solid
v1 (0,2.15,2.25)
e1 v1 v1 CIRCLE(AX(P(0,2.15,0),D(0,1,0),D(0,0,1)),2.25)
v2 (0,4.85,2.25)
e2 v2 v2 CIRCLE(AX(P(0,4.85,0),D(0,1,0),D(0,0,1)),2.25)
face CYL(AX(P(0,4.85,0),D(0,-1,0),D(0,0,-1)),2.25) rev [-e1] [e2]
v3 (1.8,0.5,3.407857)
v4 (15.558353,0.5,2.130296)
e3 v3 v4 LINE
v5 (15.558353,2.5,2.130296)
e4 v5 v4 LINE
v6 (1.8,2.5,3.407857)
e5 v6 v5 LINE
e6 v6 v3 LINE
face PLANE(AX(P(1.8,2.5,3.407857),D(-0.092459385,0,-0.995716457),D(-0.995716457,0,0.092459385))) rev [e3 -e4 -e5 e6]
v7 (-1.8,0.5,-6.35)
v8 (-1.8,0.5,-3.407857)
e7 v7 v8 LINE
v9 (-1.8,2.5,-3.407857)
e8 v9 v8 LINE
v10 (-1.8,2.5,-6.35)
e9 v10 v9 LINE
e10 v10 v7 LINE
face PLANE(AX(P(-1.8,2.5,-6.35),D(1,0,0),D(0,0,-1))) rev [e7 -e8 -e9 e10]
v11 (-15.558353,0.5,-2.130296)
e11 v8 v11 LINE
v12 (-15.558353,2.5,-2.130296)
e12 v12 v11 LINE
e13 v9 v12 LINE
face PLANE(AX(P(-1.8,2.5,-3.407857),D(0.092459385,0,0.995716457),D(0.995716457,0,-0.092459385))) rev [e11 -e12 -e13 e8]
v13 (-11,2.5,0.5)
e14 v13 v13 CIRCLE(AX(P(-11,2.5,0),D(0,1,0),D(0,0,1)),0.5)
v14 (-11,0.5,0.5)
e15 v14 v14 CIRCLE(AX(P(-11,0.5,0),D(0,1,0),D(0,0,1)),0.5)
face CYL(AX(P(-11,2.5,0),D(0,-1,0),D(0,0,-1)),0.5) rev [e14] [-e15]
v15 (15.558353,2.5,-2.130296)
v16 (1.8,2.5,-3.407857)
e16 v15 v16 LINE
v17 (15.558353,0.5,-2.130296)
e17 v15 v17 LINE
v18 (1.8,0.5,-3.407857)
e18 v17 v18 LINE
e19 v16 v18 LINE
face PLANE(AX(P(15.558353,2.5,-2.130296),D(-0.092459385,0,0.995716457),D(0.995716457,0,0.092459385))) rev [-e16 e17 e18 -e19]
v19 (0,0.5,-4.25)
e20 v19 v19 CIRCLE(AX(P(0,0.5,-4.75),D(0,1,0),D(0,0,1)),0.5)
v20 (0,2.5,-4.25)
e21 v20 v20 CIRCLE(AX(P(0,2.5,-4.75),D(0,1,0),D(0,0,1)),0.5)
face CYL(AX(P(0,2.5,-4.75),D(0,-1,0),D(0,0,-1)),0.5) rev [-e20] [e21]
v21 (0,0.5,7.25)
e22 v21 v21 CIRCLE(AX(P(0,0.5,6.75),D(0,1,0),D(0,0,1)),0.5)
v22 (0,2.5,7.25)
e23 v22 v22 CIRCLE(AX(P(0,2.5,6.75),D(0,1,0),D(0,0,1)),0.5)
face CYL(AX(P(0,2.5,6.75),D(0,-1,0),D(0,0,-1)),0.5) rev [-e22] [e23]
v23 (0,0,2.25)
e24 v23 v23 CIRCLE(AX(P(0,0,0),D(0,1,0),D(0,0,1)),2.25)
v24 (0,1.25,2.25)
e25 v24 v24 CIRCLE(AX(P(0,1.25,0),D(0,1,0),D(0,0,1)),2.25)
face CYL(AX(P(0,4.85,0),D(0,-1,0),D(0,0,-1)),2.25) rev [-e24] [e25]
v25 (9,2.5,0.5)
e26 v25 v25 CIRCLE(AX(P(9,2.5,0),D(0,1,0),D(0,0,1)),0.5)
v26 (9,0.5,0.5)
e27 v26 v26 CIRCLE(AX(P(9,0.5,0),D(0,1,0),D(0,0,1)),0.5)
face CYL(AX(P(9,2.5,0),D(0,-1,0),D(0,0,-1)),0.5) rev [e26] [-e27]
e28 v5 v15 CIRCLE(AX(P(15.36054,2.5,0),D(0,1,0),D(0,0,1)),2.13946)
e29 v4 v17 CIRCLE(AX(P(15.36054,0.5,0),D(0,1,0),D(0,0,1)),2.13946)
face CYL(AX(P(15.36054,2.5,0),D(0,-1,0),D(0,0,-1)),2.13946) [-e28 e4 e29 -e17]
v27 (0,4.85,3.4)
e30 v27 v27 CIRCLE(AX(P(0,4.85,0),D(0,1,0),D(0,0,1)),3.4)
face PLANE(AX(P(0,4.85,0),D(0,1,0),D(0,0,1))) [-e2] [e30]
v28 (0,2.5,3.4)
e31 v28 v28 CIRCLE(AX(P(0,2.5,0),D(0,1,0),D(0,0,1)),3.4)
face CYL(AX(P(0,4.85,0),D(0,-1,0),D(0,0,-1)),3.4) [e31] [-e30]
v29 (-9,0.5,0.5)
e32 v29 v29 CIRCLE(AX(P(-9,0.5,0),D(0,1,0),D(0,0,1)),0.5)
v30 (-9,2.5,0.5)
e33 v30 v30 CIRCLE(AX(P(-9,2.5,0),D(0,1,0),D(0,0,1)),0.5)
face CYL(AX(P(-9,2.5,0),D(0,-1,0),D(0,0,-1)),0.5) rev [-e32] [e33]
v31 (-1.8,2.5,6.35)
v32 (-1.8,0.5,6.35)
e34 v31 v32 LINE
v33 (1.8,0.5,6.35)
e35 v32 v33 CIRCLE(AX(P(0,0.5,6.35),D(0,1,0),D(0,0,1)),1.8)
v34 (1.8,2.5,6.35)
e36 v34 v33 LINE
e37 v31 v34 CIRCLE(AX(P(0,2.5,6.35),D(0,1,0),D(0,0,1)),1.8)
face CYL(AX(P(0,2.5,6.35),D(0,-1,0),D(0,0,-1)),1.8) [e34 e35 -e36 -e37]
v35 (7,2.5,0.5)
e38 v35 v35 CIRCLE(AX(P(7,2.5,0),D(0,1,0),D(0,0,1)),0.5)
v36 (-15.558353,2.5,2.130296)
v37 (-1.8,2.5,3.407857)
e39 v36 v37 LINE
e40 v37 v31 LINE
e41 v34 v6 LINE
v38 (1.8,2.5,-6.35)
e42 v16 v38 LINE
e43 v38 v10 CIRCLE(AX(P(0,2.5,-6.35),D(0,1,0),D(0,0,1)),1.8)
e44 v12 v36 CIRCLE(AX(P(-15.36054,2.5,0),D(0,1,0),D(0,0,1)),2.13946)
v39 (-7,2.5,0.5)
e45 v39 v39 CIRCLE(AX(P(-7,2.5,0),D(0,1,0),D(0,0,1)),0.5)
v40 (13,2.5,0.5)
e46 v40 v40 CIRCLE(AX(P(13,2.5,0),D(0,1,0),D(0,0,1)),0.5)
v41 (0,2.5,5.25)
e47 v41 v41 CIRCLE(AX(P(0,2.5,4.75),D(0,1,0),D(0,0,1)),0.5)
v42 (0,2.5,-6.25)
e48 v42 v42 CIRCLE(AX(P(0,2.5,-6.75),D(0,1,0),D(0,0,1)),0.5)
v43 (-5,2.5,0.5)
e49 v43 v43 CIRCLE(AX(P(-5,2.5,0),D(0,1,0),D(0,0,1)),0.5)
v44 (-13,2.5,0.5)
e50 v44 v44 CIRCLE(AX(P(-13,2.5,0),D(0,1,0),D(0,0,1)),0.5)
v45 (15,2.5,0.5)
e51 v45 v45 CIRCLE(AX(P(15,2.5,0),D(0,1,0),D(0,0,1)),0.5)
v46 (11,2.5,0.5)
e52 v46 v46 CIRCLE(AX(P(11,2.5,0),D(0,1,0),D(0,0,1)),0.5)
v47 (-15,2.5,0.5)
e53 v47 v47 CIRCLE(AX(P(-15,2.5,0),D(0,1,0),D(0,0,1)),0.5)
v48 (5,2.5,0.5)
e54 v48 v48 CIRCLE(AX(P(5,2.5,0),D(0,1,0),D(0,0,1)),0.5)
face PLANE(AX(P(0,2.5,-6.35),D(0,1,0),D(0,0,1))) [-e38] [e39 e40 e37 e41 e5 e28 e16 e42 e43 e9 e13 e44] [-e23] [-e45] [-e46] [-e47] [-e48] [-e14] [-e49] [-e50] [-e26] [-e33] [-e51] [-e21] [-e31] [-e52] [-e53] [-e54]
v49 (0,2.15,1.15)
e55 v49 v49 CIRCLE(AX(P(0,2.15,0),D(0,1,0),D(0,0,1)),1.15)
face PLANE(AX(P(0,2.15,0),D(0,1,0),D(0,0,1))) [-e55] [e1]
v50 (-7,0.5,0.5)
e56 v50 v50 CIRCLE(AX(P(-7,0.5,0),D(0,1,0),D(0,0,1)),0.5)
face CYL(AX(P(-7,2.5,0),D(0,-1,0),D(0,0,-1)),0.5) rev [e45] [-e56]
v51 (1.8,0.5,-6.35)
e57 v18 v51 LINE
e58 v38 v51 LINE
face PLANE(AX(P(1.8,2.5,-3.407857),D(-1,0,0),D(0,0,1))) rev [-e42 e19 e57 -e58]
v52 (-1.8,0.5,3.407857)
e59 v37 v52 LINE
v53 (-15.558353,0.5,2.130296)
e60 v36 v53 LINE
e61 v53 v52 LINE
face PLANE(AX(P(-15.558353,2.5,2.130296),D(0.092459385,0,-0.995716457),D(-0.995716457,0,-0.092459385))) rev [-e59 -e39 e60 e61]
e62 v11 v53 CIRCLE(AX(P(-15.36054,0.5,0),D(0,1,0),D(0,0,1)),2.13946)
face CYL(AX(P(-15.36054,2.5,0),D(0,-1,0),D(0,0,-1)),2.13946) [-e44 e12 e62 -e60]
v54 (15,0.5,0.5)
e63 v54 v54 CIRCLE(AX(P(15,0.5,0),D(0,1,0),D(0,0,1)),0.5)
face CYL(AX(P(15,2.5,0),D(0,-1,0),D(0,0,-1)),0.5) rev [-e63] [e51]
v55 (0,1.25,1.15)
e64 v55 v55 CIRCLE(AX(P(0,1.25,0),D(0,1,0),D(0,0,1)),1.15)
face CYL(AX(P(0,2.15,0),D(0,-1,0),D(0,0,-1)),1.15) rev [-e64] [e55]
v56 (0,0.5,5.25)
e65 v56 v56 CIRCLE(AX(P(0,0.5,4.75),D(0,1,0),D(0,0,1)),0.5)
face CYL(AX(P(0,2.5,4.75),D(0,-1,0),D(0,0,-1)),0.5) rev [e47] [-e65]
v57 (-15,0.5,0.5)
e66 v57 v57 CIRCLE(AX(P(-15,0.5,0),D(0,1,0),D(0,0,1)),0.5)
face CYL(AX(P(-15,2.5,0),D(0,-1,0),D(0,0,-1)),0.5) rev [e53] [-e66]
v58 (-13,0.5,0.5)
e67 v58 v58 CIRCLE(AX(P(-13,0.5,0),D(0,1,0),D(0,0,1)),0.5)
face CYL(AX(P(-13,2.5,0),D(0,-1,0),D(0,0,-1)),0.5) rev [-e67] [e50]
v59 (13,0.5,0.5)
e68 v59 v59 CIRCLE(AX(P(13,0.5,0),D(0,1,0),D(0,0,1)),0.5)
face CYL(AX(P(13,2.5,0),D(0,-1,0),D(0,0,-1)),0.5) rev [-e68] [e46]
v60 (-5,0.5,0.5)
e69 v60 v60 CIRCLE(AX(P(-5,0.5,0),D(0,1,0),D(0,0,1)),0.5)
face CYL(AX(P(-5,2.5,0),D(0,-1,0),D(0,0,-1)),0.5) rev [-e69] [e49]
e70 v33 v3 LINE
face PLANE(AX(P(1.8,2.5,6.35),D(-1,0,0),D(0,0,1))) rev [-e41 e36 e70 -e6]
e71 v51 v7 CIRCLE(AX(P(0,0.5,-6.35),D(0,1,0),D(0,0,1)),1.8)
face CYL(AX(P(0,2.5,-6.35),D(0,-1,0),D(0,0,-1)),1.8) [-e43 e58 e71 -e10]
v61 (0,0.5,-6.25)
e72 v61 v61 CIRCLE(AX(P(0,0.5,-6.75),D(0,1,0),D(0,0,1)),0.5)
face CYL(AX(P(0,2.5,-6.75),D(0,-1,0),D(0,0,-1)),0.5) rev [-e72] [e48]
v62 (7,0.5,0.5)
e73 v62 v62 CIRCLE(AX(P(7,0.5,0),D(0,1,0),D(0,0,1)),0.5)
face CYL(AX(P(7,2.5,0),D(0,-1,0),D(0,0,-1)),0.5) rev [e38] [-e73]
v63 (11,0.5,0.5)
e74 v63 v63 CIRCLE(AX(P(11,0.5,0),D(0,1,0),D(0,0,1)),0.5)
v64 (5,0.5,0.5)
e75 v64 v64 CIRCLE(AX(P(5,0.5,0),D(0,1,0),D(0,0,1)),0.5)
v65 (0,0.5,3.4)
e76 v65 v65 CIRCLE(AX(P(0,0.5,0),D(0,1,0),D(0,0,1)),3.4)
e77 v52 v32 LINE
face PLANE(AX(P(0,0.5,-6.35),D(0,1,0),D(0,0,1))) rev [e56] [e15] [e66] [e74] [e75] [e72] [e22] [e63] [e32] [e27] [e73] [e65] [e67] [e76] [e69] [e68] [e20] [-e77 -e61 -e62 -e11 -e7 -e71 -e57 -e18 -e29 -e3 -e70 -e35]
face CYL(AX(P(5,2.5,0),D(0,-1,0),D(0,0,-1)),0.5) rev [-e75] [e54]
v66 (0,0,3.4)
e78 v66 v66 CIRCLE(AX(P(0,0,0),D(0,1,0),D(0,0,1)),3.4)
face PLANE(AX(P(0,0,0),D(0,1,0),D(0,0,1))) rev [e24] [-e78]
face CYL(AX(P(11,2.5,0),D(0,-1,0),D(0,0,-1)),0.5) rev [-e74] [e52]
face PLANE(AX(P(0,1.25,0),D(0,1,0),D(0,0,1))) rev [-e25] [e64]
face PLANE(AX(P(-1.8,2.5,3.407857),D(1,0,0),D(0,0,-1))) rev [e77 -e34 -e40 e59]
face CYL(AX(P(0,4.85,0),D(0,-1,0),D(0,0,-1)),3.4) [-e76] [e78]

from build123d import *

# Parameters (mm, degrees)
SKETCH_1_R      = 3.4
SKETCH_1_R_2    = 2.25
EXTRUDE_1_DEPTH = 4.85
EXTRUDE_START   = 0.5
SKETCH_2_R      = 2.25
SKETCH_2_R_2    = 0.5
EXTRUDE_2_DEPTH = 2
EXTRUDE_START_2 = 1.25
SKETCH_3_R      = 2.25
SKETCH_3_R_2    = 1.15
EXTRUDE_3_DEPTH = 0.9


with BuildPart() as part:
    # 草图1 → 凸台-拉伸1 (new body)
    with BuildSketch(Plane(origin=(0, 0, 0), x_dir=(1, 0, 0), z_dir=(0, 1, 0))):
        with Locations(Location((0, 0, 0), (0, 0, 270))):
            Circle(SKETCH_1_R)
        with Locations(Location((0, 0, 0), (0, 0, 270))):
            Circle(SKETCH_1_R_2, mode=Mode.SUBTRACT)
    extrude(amount=EXTRUDE_1_DEPTH)

    # 草图2 → 凸台-拉伸2 (add)
    with BuildSketch(Plane(origin=(0, 0, 0), x_dir=(1, 0, 0), z_dir=(0, 1, 0)).offset(EXTRUDE_START)):
        with BuildLine():
            Line((1.799999992, 3.407857144), (1.799999992, 6.35))
            ThreePointArc((1.799999992, 6.35), (0, 8.149999992), (-1.799999992, 6.35))
            Line((-1.799999992, 6.35), (-1.799999992, 3.407857144))
            Line((-1.799999992, 3.407857144), (-15.558352909, 2.130295801))
            ThreePointArc((-15.558352909, 2.130295801), (-17.5, 0), (-15.558352909, -2.130295801))
            Line((-15.558352909, -2.130295801), (-1.799999992, -3.407857144))
            Line((-1.799999992, -3.407857144), (-1.799999992, -6.35))
            ThreePointArc((-1.799999992, -6.35), (0, -8.149999992), (1.799999992, -6.35))
            Line((1.799999992, -6.35), (1.799999992, -3.407857144))
            Line((1.799999992, -3.407857144), (15.558352909, -2.130295801))
            ThreePointArc((15.558352909, -2.130295801), (17.5, 0), (15.558352909, 2.130295801))
            Line((15.558352909, 2.130295801), (1.799999992, 3.407857144))
        make_face()
        with Locations(Location((0, 0, 0), (0, 0, 270))):
            Circle(SKETCH_2_R, mode=Mode.SUBTRACT)
        with Locations(Location((0, -6.75, 0), (0, 0, 270))):
            Circle(SKETCH_2_R_2, mode=Mode.SUBTRACT)
        with Locations(Location((0, -4.75, 0), (0, 0, 270))):
            Circle(SKETCH_2_R_2, mode=Mode.SUBTRACT)
        with Locations(Location((15, 0, 0), (0, 0, 270))):
            Circle(SKETCH_2_R_2, mode=Mode.SUBTRACT)
        with Locations(Location((13, 0, 0), (0, 0, 270))):
            Circle(SKETCH_2_R_2, mode=Mode.SUBTRACT)
        with Locations(Location((11, 0, 0), (0, 0, 270))):
            Circle(SKETCH_2_R_2, mode=Mode.SUBTRACT)
        with Locations(Location((9, 0, 0), (0, 0, 270))):
            Circle(SKETCH_2_R_2, mode=Mode.SUBTRACT)
        with Locations(Location((7, 0, 0), (0, 0, 270))):
            Circle(SKETCH_2_R_2, mode=Mode.SUBTRACT)
        with Locations(Location((5, 0, 0), (0, 0, 270))):
            Circle(SKETCH_2_R_2, mode=Mode.SUBTRACT)
        with Locations(Location((0, 6.75, 0), (0, 0, 270))):
            Circle(SKETCH_2_R_2, mode=Mode.SUBTRACT)
        with Locations(Location((0, 4.75, 0), (0, 0, 270))):
            Circle(SKETCH_2_R_2, mode=Mode.SUBTRACT)
        with Locations(Location((-5, 0, 0), (0, 0, 270))):
            Circle(SKETCH_2_R_2, mode=Mode.SUBTRACT)
        with Locations(Location((-7, 0, 0), (0, 0, 270))):
            Circle(SKETCH_2_R_2, mode=Mode.SUBTRACT)
        with Locations(Location((-9, 0, 0), (0, 0, 270))):
            Circle(SKETCH_2_R_2, mode=Mode.SUBTRACT)
        with Locations(Location((-11, 0, 0), (0, 0, 270))):
            Circle(SKETCH_2_R_2, mode=Mode.SUBTRACT)
        with Locations(Location((-13, 0, 0), (0, 0, 270))):
            Circle(SKETCH_2_R_2, mode=Mode.SUBTRACT)
        with Locations(Location((-15, 0, 0), (0, 0, 270))):
            Circle(SKETCH_2_R_2, mode=Mode.SUBTRACT)
    extrude(amount=EXTRUDE_2_DEPTH)

    # 草图3 → 凸台-拉伸3 (add)
    with BuildSketch(Plane(origin=(0, 0, 0), x_dir=(1, 0, 0), z_dir=(0, 1, 0)).offset(EXTRUDE_START_2)):
        with Locations(Location((0, 0, 0), (0, 0, 270))):
            Circle(SKETCH_3_R)
        with Locations(Location((0, 0, 0), (0, 0, 270))):
            Circle(SKETCH_3_R_2, mode=Mode.SUBTRACT)
    extrude(amount=EXTRUDE_3_DEPTH)


solid = part.part
